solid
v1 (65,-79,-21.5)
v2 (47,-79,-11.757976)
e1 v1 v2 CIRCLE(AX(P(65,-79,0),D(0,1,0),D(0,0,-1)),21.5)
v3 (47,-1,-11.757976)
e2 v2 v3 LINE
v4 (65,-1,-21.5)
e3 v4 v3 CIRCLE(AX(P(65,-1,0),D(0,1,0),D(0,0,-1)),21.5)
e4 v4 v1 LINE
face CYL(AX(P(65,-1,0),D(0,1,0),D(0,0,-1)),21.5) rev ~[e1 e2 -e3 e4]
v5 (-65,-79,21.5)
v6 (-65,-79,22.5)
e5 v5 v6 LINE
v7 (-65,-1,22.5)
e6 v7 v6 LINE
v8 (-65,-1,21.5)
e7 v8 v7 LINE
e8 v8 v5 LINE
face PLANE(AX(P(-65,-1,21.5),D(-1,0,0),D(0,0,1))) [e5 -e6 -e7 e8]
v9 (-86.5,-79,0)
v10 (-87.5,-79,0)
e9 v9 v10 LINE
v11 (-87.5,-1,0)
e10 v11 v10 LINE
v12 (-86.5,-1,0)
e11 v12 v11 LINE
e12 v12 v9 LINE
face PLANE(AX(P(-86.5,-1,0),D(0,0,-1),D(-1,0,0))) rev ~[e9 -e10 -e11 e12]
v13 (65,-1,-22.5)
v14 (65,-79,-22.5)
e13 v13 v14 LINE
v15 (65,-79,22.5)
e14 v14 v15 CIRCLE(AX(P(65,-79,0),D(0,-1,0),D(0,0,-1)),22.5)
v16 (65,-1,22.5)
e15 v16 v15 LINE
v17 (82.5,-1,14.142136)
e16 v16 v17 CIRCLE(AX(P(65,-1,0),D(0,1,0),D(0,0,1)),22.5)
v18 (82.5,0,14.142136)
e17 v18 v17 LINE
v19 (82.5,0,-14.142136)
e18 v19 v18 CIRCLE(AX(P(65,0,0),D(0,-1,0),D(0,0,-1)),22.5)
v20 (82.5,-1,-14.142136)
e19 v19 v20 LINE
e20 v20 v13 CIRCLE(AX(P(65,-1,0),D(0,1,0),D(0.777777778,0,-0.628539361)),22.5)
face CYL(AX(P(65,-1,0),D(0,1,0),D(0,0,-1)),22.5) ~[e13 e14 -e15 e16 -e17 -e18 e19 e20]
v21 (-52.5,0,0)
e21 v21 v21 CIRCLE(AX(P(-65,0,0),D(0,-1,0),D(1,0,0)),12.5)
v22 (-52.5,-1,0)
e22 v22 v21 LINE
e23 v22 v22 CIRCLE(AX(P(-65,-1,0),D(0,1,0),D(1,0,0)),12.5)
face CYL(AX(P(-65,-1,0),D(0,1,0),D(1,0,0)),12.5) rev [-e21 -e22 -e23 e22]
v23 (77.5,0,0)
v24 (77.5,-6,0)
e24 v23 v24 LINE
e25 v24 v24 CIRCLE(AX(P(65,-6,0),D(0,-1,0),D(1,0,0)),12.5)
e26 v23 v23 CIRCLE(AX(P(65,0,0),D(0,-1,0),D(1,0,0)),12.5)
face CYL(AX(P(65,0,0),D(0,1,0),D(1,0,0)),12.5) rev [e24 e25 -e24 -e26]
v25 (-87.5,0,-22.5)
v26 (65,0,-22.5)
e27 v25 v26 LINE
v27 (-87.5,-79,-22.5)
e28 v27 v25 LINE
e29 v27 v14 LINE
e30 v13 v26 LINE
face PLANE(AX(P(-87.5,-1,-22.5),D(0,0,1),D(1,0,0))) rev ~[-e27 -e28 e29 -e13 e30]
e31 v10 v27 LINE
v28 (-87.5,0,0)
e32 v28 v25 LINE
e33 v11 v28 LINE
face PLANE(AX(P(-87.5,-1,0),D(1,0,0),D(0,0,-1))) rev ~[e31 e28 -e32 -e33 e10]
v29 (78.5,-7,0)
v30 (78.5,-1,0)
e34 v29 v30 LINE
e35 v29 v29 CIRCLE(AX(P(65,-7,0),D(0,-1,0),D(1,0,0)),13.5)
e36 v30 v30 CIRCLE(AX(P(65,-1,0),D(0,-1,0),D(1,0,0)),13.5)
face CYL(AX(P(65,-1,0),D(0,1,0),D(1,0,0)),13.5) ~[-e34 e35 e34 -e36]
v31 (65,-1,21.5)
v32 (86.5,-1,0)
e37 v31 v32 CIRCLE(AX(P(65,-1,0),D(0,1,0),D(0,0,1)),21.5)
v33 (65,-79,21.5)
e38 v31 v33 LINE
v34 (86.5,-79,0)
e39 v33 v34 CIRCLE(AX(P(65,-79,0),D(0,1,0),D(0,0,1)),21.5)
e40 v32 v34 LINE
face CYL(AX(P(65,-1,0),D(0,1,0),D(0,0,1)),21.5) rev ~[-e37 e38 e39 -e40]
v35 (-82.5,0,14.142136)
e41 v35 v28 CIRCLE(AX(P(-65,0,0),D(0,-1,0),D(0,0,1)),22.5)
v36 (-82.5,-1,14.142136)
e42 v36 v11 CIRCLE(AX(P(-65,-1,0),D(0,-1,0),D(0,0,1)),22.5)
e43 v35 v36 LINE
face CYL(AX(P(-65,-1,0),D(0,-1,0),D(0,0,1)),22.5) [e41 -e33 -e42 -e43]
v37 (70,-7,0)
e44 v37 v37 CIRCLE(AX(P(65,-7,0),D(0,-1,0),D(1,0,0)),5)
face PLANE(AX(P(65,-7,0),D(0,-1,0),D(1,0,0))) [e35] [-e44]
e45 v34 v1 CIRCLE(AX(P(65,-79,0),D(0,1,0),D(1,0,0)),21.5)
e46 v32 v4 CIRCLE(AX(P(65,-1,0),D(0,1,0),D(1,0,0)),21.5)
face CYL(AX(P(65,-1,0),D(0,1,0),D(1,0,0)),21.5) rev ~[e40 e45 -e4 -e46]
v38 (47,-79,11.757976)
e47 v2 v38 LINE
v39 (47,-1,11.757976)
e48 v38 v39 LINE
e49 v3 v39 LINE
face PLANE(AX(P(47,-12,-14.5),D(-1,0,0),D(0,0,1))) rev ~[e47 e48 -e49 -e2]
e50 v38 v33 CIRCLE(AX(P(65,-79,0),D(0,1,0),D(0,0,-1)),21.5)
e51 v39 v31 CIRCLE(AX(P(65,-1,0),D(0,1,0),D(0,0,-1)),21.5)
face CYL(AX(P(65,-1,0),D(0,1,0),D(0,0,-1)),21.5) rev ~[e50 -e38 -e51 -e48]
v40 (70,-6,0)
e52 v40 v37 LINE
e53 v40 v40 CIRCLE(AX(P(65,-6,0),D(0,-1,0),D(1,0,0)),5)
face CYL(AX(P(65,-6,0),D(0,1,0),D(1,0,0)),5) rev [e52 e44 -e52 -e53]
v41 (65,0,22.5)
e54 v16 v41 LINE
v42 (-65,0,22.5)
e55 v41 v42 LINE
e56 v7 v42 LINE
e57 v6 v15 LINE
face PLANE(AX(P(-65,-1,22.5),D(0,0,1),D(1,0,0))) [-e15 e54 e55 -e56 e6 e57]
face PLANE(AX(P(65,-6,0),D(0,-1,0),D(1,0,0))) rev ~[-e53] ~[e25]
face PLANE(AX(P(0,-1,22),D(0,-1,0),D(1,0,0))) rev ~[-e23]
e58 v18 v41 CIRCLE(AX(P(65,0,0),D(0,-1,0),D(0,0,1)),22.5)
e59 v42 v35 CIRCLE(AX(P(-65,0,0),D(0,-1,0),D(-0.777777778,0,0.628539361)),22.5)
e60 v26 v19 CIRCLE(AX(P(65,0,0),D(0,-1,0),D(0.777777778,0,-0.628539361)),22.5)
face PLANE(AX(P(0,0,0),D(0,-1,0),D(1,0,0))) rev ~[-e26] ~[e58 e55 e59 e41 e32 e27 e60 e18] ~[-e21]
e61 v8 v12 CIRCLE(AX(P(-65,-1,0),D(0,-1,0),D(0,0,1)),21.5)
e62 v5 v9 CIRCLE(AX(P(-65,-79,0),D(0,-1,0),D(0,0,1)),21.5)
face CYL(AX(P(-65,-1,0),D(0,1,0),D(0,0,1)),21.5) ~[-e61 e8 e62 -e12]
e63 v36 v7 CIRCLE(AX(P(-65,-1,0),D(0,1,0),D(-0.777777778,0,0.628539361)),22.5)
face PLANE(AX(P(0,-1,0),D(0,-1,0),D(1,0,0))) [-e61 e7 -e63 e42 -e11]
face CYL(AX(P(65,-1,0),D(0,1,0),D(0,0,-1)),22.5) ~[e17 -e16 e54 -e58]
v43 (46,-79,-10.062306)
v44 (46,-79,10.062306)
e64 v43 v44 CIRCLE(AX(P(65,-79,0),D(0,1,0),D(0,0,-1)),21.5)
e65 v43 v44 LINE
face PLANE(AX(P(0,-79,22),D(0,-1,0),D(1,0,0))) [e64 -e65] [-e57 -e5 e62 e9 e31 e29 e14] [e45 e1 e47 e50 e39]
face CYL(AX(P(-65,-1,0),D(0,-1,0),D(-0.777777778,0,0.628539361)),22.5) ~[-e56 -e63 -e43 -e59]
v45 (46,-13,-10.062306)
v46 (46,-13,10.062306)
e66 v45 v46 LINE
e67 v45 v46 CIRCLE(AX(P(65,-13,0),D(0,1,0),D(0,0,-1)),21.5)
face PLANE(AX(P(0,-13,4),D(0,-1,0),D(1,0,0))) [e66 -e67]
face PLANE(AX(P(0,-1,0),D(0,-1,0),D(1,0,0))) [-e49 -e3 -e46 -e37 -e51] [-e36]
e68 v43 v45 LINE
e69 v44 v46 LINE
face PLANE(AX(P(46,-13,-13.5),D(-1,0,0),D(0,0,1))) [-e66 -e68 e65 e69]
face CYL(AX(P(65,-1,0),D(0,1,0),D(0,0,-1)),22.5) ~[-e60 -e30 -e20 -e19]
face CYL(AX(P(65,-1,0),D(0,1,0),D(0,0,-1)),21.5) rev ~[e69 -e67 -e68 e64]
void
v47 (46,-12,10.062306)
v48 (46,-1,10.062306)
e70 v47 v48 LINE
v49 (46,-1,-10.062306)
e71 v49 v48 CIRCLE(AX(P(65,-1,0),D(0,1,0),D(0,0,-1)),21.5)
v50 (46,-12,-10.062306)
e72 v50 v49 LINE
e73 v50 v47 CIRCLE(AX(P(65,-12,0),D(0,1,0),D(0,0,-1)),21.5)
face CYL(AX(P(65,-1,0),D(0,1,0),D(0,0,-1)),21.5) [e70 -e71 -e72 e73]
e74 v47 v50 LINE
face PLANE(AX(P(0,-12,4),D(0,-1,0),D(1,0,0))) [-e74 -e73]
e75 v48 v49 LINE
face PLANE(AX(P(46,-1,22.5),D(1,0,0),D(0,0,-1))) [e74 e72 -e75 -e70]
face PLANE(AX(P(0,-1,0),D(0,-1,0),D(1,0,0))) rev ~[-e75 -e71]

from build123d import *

# Parameters (mm, degrees)
F0_W      = 165
F0_H      = 45
F0_R      = 12.5
F1_DEPTH  = 1
F3_DEPTH  = 1
F4_DEPTH  = 25
F5_DEPTH  = 25
F6_R      = 13.5
F6_R_2    = 12.5
F7_DEPTH  = 5
F8_R      = 13.5
F8_R_2    = 5
F9_DEPTH  = 1
F11_DEPTH = 1
F12_W     = 1
F12_H     = 1
F12_H_2   = 36
F12_W_2   = 92
F13_DEPTH = 11
F14_W     = 94
F14_H     = 37
F15_DEPTH = 1
F16_W     = 1
F16_H     = 36
F17_DEPTH = 66
F18_W     = 26.2803444985
F18_H     = 1
F19_DEPTH = 3
F20_W     = 130
F20_H     = 1
F21_DEPTH = 78


with BuildPart() as f1:
    # F0 (on Front) → F1 (new body)
    with BuildSketch(Plane.XZ):
        Rectangle(F0_W, F0_H)
        with Locations((-65, 0)):
            Circle(F0_R, mode=Mode.SUBTRACT)
        with Locations((65, 0)):
            Circle(F0_R, mode=Mode.SUBTRACT)
    extrude(amount=F1_DEPTH)

    # F2 (on face) → F3 (join)
    with BuildSketch(Plane.XZ.offset(1)):
        with BuildLine():
            Line((68.3925151825, -19.0988145769), (65, -22.5))
            ThreePointArc((65, -22.5), (87.5, 0), (65, 22.5))
            Line((65, 22.5), (71.474224329, 16.2770561874))
            Line((71.474224329, 16.2770561874), (77.4062722921, 9.1145541519))
            Line((77.4062722921, 9.1145541519), (80.3926512599, 2.1407562308))
            Line((80.3926512599, 2.1407562308), (80.3926512599, -5.2317115478))
            Line((80.3926512599, -5.2317115478), (78.3914923668, -12.1520543471))
            Line((78.3914923668, -12.1520543471), (74.6632069349, -14.4081749022))
            Line((74.6632069349, -14.4081749022), (68.3925151825, -19.0988145769))
        make_face()
        with BuildLine():
            Line((-65, 14.9617949501), (-65, 22.5))
            ThreePointArc((-65, 22.5), (-87.5, 0), (-65, -22.5))
            Line((-65, -22.5), (-67.4760043621, -15.6979020685))
            Line((-67.4760043621, -15.6979020685), (-72.8440880775, -12.9142012447))
            Line((-72.8440880775, -12.9142012447), (-76.5851810575, -7.8018400818))
            Line((-76.5851810575, -7.8018400818), (-79.5639529824, 0))
            Line((-79.5639529824, 0), (-79.5639529824, 6.4657721668))
            Line((-79.5639529824, 6.4657721668), (-75.4495188594, 11.7608513683))
            Line((-75.4495188594, 11.7608513683), (-65, 14.9617949501))
        make_face()
    extrude(amount=-F3_DEPTH)

    # F2 (on face) → F4 (cut)
    with BuildSketch(Plane.XZ.offset(1)):
        with BuildLine():
            Line((-82.5, 22.5), (-82.5, 14.1421356237))
            ThreePointArc((-82.5, 14.1421356237), (-74.6966991411, 20.3033008589), (-65, 22.5))
            Line((-65, 22.5), (-82.5, 22.5))
        make_face()
    extrude(amount=-F4_DEPTH, mode=Mode.SUBTRACT)

    # F2 (on face) → F5 (cut)
    with BuildSketch(Plane.XZ.offset(1)):
        with BuildLine():
            ThreePointArc((82.5, -14.1421356237), (74.6966991411, -20.3033008589), (65, -22.5))
            Line((65, -22.5), (82.5, -22.5))
            Line((82.5, -22.5), (82.5, -14.1421356237))
        make_face()
        with BuildLine():
            ThreePointArc((65, 22.5), (74.6966991411, 20.3033008589), (82.5, 14.1421356237))
            Line((82.5, 14.1421356237), (82.5, 22.5))
            Line((82.5, 22.5), (65, 22.5))
        make_face()
        with BuildLine():
            Line((-82.5, -22.5), (-65, -22.5))
            ThreePointArc((-65, -22.5), (-74.6966991411, -20.3033008589), (-82.5, -14.1421356237))
            Line((-82.5, -14.1421356237), (-82.5, -22.5))
        make_face()
    extrude(amount=-F5_DEPTH, mode=Mode.SUBTRACT)

    # F6 (on face) → F7 (join)
    with BuildSketch(Plane.XZ.offset(1)):
        with Locations((-65, 0)):
            Circle(F6_R)
        with Locations((-65, 0)):
            Circle(F6_R_2, mode=Mode.SUBTRACT)
        with Locations((65, 0)):
            Circle(F6_R)
        with Locations((65, 0)):
            Circle(F6_R_2, mode=Mode.SUBTRACT)
    extrude(amount=F7_DEPTH)

    # F8 (on face) → F9 (join)
    with BuildSketch(Plane.XZ.offset(6)):
        with Locations((-65, 0)):
            Circle(F8_R)
        with Locations((-65, 0)):
            Circle(F8_R_2, mode=Mode.SUBTRACT)
        with Locations((65, 0)):
            Circle(F8_R)
        with Locations((65, 0)):
            Circle(F8_R_2, mode=Mode.SUBTRACT)
    extrude(amount=F9_DEPTH)

    # F10 (on face) → F11 (join)
    with BuildSketch(Plane.XZ.offset(1)):
        Polygon((-81.9395110011, 0), (-87.5, 0), (-87.5, -22.5), (-65, -22.5), (-65, -18.5897927731), (-73.3228996396, -16.0001199692), (-80.1934376359, -9.6208481118), align=None)
    extrude(amount=-F11_DEPTH)

    # F12 (on face) → F13 (join)
    with BuildSketch(Plane.XZ.offset(1)):
        with Locations((46.5, -14)):
            Rectangle(F12_W, F12_H)
        with Locations((46.5, 4.5)):
            Rectangle(F12_W, F12_H_2)
        with Locations((0, -14)):
            Rectangle(F12_W_2, F12_H)
        with Locations((-46.5, -14)):
            Rectangle(F12_W, F12_H)
        with Locations((-46.5, 4.5)):
            Rectangle(F12_W, F12_H_2)
    extrude(amount=F13_DEPTH)

    # F14 (on face) → F15 (join)
    with BuildSketch(Plane.XZ.offset(12)):
        with Locations((0, 4)):
            Rectangle(F14_W, F14_H)
    extrude(amount=F15_DEPTH)

    # F16 (on face) → F17 (join)
    with BuildSketch(Plane.XZ.offset(13)):
        with Locations((-46.5, 4.5)):
            Rectangle(F16_W, F16_H)
        with Locations((46.5, 4.5)):
            Rectangle(F16_W, F16_H)
    extrude(amount=F17_DEPTH)

    # F18 (on face) → F19 (join)
    with BuildSketch(Plane.XZ.offset(1)):
        with Locations((0.058112666, -11)):
            Rectangle(F18_W, F18_H)
    extrude(amount=F19_DEPTH)

    # F20 (on face) → F21 (join)
    with BuildSketch(Plane.XZ.offset(1)):
        with Locations((0, 22)):
            Rectangle(F20_W, F20_H)
        with BuildLine():
            ThreePointArc((65, -22.5), (87.5, 0), (65, 22.5))
            Line((65, 22.5), (65, 21.5))
            ThreePointArc((65, 21.5), (80.2027957955, 15.2027957955), (86.5, 0))
            ThreePointArc((86.5, 0), (80.2027957955, -15.2027957955), (65, -21.5))
            Line((65, -21.5), (65, -22.5))
        make_face()
        with BuildLine():
            Line((65, 21.5), (-65, 21.5))
            ThreePointArc((-65, 21.5), (-80.2027957955, 15.2027957955), (-86.5, 0))
            Line((-86.5, 0), (-86.5, -21.5))
            Line((-86.5, -21.5), (62.4147094786, -21.5))
            Line((62.4147094786, -21.5), (65, -21.5))
            ThreePointArc((65, -21.5), (43.5, 0), (65, 21.5))
        make_face()
        Polygon((-86.5, -22.5), (65, -22.5), (65, -21.5), (62.4147094786, -21.5), (-86.5, -21.5), align=None)
        Polygon((-86.5, -21.5), (-86.5, 0), (-87.5, 0), (-87.5, -22.5), (-86.5, -22.5), align=None)
    extrude(amount=F21_DEPTH)


solid = f1.part
